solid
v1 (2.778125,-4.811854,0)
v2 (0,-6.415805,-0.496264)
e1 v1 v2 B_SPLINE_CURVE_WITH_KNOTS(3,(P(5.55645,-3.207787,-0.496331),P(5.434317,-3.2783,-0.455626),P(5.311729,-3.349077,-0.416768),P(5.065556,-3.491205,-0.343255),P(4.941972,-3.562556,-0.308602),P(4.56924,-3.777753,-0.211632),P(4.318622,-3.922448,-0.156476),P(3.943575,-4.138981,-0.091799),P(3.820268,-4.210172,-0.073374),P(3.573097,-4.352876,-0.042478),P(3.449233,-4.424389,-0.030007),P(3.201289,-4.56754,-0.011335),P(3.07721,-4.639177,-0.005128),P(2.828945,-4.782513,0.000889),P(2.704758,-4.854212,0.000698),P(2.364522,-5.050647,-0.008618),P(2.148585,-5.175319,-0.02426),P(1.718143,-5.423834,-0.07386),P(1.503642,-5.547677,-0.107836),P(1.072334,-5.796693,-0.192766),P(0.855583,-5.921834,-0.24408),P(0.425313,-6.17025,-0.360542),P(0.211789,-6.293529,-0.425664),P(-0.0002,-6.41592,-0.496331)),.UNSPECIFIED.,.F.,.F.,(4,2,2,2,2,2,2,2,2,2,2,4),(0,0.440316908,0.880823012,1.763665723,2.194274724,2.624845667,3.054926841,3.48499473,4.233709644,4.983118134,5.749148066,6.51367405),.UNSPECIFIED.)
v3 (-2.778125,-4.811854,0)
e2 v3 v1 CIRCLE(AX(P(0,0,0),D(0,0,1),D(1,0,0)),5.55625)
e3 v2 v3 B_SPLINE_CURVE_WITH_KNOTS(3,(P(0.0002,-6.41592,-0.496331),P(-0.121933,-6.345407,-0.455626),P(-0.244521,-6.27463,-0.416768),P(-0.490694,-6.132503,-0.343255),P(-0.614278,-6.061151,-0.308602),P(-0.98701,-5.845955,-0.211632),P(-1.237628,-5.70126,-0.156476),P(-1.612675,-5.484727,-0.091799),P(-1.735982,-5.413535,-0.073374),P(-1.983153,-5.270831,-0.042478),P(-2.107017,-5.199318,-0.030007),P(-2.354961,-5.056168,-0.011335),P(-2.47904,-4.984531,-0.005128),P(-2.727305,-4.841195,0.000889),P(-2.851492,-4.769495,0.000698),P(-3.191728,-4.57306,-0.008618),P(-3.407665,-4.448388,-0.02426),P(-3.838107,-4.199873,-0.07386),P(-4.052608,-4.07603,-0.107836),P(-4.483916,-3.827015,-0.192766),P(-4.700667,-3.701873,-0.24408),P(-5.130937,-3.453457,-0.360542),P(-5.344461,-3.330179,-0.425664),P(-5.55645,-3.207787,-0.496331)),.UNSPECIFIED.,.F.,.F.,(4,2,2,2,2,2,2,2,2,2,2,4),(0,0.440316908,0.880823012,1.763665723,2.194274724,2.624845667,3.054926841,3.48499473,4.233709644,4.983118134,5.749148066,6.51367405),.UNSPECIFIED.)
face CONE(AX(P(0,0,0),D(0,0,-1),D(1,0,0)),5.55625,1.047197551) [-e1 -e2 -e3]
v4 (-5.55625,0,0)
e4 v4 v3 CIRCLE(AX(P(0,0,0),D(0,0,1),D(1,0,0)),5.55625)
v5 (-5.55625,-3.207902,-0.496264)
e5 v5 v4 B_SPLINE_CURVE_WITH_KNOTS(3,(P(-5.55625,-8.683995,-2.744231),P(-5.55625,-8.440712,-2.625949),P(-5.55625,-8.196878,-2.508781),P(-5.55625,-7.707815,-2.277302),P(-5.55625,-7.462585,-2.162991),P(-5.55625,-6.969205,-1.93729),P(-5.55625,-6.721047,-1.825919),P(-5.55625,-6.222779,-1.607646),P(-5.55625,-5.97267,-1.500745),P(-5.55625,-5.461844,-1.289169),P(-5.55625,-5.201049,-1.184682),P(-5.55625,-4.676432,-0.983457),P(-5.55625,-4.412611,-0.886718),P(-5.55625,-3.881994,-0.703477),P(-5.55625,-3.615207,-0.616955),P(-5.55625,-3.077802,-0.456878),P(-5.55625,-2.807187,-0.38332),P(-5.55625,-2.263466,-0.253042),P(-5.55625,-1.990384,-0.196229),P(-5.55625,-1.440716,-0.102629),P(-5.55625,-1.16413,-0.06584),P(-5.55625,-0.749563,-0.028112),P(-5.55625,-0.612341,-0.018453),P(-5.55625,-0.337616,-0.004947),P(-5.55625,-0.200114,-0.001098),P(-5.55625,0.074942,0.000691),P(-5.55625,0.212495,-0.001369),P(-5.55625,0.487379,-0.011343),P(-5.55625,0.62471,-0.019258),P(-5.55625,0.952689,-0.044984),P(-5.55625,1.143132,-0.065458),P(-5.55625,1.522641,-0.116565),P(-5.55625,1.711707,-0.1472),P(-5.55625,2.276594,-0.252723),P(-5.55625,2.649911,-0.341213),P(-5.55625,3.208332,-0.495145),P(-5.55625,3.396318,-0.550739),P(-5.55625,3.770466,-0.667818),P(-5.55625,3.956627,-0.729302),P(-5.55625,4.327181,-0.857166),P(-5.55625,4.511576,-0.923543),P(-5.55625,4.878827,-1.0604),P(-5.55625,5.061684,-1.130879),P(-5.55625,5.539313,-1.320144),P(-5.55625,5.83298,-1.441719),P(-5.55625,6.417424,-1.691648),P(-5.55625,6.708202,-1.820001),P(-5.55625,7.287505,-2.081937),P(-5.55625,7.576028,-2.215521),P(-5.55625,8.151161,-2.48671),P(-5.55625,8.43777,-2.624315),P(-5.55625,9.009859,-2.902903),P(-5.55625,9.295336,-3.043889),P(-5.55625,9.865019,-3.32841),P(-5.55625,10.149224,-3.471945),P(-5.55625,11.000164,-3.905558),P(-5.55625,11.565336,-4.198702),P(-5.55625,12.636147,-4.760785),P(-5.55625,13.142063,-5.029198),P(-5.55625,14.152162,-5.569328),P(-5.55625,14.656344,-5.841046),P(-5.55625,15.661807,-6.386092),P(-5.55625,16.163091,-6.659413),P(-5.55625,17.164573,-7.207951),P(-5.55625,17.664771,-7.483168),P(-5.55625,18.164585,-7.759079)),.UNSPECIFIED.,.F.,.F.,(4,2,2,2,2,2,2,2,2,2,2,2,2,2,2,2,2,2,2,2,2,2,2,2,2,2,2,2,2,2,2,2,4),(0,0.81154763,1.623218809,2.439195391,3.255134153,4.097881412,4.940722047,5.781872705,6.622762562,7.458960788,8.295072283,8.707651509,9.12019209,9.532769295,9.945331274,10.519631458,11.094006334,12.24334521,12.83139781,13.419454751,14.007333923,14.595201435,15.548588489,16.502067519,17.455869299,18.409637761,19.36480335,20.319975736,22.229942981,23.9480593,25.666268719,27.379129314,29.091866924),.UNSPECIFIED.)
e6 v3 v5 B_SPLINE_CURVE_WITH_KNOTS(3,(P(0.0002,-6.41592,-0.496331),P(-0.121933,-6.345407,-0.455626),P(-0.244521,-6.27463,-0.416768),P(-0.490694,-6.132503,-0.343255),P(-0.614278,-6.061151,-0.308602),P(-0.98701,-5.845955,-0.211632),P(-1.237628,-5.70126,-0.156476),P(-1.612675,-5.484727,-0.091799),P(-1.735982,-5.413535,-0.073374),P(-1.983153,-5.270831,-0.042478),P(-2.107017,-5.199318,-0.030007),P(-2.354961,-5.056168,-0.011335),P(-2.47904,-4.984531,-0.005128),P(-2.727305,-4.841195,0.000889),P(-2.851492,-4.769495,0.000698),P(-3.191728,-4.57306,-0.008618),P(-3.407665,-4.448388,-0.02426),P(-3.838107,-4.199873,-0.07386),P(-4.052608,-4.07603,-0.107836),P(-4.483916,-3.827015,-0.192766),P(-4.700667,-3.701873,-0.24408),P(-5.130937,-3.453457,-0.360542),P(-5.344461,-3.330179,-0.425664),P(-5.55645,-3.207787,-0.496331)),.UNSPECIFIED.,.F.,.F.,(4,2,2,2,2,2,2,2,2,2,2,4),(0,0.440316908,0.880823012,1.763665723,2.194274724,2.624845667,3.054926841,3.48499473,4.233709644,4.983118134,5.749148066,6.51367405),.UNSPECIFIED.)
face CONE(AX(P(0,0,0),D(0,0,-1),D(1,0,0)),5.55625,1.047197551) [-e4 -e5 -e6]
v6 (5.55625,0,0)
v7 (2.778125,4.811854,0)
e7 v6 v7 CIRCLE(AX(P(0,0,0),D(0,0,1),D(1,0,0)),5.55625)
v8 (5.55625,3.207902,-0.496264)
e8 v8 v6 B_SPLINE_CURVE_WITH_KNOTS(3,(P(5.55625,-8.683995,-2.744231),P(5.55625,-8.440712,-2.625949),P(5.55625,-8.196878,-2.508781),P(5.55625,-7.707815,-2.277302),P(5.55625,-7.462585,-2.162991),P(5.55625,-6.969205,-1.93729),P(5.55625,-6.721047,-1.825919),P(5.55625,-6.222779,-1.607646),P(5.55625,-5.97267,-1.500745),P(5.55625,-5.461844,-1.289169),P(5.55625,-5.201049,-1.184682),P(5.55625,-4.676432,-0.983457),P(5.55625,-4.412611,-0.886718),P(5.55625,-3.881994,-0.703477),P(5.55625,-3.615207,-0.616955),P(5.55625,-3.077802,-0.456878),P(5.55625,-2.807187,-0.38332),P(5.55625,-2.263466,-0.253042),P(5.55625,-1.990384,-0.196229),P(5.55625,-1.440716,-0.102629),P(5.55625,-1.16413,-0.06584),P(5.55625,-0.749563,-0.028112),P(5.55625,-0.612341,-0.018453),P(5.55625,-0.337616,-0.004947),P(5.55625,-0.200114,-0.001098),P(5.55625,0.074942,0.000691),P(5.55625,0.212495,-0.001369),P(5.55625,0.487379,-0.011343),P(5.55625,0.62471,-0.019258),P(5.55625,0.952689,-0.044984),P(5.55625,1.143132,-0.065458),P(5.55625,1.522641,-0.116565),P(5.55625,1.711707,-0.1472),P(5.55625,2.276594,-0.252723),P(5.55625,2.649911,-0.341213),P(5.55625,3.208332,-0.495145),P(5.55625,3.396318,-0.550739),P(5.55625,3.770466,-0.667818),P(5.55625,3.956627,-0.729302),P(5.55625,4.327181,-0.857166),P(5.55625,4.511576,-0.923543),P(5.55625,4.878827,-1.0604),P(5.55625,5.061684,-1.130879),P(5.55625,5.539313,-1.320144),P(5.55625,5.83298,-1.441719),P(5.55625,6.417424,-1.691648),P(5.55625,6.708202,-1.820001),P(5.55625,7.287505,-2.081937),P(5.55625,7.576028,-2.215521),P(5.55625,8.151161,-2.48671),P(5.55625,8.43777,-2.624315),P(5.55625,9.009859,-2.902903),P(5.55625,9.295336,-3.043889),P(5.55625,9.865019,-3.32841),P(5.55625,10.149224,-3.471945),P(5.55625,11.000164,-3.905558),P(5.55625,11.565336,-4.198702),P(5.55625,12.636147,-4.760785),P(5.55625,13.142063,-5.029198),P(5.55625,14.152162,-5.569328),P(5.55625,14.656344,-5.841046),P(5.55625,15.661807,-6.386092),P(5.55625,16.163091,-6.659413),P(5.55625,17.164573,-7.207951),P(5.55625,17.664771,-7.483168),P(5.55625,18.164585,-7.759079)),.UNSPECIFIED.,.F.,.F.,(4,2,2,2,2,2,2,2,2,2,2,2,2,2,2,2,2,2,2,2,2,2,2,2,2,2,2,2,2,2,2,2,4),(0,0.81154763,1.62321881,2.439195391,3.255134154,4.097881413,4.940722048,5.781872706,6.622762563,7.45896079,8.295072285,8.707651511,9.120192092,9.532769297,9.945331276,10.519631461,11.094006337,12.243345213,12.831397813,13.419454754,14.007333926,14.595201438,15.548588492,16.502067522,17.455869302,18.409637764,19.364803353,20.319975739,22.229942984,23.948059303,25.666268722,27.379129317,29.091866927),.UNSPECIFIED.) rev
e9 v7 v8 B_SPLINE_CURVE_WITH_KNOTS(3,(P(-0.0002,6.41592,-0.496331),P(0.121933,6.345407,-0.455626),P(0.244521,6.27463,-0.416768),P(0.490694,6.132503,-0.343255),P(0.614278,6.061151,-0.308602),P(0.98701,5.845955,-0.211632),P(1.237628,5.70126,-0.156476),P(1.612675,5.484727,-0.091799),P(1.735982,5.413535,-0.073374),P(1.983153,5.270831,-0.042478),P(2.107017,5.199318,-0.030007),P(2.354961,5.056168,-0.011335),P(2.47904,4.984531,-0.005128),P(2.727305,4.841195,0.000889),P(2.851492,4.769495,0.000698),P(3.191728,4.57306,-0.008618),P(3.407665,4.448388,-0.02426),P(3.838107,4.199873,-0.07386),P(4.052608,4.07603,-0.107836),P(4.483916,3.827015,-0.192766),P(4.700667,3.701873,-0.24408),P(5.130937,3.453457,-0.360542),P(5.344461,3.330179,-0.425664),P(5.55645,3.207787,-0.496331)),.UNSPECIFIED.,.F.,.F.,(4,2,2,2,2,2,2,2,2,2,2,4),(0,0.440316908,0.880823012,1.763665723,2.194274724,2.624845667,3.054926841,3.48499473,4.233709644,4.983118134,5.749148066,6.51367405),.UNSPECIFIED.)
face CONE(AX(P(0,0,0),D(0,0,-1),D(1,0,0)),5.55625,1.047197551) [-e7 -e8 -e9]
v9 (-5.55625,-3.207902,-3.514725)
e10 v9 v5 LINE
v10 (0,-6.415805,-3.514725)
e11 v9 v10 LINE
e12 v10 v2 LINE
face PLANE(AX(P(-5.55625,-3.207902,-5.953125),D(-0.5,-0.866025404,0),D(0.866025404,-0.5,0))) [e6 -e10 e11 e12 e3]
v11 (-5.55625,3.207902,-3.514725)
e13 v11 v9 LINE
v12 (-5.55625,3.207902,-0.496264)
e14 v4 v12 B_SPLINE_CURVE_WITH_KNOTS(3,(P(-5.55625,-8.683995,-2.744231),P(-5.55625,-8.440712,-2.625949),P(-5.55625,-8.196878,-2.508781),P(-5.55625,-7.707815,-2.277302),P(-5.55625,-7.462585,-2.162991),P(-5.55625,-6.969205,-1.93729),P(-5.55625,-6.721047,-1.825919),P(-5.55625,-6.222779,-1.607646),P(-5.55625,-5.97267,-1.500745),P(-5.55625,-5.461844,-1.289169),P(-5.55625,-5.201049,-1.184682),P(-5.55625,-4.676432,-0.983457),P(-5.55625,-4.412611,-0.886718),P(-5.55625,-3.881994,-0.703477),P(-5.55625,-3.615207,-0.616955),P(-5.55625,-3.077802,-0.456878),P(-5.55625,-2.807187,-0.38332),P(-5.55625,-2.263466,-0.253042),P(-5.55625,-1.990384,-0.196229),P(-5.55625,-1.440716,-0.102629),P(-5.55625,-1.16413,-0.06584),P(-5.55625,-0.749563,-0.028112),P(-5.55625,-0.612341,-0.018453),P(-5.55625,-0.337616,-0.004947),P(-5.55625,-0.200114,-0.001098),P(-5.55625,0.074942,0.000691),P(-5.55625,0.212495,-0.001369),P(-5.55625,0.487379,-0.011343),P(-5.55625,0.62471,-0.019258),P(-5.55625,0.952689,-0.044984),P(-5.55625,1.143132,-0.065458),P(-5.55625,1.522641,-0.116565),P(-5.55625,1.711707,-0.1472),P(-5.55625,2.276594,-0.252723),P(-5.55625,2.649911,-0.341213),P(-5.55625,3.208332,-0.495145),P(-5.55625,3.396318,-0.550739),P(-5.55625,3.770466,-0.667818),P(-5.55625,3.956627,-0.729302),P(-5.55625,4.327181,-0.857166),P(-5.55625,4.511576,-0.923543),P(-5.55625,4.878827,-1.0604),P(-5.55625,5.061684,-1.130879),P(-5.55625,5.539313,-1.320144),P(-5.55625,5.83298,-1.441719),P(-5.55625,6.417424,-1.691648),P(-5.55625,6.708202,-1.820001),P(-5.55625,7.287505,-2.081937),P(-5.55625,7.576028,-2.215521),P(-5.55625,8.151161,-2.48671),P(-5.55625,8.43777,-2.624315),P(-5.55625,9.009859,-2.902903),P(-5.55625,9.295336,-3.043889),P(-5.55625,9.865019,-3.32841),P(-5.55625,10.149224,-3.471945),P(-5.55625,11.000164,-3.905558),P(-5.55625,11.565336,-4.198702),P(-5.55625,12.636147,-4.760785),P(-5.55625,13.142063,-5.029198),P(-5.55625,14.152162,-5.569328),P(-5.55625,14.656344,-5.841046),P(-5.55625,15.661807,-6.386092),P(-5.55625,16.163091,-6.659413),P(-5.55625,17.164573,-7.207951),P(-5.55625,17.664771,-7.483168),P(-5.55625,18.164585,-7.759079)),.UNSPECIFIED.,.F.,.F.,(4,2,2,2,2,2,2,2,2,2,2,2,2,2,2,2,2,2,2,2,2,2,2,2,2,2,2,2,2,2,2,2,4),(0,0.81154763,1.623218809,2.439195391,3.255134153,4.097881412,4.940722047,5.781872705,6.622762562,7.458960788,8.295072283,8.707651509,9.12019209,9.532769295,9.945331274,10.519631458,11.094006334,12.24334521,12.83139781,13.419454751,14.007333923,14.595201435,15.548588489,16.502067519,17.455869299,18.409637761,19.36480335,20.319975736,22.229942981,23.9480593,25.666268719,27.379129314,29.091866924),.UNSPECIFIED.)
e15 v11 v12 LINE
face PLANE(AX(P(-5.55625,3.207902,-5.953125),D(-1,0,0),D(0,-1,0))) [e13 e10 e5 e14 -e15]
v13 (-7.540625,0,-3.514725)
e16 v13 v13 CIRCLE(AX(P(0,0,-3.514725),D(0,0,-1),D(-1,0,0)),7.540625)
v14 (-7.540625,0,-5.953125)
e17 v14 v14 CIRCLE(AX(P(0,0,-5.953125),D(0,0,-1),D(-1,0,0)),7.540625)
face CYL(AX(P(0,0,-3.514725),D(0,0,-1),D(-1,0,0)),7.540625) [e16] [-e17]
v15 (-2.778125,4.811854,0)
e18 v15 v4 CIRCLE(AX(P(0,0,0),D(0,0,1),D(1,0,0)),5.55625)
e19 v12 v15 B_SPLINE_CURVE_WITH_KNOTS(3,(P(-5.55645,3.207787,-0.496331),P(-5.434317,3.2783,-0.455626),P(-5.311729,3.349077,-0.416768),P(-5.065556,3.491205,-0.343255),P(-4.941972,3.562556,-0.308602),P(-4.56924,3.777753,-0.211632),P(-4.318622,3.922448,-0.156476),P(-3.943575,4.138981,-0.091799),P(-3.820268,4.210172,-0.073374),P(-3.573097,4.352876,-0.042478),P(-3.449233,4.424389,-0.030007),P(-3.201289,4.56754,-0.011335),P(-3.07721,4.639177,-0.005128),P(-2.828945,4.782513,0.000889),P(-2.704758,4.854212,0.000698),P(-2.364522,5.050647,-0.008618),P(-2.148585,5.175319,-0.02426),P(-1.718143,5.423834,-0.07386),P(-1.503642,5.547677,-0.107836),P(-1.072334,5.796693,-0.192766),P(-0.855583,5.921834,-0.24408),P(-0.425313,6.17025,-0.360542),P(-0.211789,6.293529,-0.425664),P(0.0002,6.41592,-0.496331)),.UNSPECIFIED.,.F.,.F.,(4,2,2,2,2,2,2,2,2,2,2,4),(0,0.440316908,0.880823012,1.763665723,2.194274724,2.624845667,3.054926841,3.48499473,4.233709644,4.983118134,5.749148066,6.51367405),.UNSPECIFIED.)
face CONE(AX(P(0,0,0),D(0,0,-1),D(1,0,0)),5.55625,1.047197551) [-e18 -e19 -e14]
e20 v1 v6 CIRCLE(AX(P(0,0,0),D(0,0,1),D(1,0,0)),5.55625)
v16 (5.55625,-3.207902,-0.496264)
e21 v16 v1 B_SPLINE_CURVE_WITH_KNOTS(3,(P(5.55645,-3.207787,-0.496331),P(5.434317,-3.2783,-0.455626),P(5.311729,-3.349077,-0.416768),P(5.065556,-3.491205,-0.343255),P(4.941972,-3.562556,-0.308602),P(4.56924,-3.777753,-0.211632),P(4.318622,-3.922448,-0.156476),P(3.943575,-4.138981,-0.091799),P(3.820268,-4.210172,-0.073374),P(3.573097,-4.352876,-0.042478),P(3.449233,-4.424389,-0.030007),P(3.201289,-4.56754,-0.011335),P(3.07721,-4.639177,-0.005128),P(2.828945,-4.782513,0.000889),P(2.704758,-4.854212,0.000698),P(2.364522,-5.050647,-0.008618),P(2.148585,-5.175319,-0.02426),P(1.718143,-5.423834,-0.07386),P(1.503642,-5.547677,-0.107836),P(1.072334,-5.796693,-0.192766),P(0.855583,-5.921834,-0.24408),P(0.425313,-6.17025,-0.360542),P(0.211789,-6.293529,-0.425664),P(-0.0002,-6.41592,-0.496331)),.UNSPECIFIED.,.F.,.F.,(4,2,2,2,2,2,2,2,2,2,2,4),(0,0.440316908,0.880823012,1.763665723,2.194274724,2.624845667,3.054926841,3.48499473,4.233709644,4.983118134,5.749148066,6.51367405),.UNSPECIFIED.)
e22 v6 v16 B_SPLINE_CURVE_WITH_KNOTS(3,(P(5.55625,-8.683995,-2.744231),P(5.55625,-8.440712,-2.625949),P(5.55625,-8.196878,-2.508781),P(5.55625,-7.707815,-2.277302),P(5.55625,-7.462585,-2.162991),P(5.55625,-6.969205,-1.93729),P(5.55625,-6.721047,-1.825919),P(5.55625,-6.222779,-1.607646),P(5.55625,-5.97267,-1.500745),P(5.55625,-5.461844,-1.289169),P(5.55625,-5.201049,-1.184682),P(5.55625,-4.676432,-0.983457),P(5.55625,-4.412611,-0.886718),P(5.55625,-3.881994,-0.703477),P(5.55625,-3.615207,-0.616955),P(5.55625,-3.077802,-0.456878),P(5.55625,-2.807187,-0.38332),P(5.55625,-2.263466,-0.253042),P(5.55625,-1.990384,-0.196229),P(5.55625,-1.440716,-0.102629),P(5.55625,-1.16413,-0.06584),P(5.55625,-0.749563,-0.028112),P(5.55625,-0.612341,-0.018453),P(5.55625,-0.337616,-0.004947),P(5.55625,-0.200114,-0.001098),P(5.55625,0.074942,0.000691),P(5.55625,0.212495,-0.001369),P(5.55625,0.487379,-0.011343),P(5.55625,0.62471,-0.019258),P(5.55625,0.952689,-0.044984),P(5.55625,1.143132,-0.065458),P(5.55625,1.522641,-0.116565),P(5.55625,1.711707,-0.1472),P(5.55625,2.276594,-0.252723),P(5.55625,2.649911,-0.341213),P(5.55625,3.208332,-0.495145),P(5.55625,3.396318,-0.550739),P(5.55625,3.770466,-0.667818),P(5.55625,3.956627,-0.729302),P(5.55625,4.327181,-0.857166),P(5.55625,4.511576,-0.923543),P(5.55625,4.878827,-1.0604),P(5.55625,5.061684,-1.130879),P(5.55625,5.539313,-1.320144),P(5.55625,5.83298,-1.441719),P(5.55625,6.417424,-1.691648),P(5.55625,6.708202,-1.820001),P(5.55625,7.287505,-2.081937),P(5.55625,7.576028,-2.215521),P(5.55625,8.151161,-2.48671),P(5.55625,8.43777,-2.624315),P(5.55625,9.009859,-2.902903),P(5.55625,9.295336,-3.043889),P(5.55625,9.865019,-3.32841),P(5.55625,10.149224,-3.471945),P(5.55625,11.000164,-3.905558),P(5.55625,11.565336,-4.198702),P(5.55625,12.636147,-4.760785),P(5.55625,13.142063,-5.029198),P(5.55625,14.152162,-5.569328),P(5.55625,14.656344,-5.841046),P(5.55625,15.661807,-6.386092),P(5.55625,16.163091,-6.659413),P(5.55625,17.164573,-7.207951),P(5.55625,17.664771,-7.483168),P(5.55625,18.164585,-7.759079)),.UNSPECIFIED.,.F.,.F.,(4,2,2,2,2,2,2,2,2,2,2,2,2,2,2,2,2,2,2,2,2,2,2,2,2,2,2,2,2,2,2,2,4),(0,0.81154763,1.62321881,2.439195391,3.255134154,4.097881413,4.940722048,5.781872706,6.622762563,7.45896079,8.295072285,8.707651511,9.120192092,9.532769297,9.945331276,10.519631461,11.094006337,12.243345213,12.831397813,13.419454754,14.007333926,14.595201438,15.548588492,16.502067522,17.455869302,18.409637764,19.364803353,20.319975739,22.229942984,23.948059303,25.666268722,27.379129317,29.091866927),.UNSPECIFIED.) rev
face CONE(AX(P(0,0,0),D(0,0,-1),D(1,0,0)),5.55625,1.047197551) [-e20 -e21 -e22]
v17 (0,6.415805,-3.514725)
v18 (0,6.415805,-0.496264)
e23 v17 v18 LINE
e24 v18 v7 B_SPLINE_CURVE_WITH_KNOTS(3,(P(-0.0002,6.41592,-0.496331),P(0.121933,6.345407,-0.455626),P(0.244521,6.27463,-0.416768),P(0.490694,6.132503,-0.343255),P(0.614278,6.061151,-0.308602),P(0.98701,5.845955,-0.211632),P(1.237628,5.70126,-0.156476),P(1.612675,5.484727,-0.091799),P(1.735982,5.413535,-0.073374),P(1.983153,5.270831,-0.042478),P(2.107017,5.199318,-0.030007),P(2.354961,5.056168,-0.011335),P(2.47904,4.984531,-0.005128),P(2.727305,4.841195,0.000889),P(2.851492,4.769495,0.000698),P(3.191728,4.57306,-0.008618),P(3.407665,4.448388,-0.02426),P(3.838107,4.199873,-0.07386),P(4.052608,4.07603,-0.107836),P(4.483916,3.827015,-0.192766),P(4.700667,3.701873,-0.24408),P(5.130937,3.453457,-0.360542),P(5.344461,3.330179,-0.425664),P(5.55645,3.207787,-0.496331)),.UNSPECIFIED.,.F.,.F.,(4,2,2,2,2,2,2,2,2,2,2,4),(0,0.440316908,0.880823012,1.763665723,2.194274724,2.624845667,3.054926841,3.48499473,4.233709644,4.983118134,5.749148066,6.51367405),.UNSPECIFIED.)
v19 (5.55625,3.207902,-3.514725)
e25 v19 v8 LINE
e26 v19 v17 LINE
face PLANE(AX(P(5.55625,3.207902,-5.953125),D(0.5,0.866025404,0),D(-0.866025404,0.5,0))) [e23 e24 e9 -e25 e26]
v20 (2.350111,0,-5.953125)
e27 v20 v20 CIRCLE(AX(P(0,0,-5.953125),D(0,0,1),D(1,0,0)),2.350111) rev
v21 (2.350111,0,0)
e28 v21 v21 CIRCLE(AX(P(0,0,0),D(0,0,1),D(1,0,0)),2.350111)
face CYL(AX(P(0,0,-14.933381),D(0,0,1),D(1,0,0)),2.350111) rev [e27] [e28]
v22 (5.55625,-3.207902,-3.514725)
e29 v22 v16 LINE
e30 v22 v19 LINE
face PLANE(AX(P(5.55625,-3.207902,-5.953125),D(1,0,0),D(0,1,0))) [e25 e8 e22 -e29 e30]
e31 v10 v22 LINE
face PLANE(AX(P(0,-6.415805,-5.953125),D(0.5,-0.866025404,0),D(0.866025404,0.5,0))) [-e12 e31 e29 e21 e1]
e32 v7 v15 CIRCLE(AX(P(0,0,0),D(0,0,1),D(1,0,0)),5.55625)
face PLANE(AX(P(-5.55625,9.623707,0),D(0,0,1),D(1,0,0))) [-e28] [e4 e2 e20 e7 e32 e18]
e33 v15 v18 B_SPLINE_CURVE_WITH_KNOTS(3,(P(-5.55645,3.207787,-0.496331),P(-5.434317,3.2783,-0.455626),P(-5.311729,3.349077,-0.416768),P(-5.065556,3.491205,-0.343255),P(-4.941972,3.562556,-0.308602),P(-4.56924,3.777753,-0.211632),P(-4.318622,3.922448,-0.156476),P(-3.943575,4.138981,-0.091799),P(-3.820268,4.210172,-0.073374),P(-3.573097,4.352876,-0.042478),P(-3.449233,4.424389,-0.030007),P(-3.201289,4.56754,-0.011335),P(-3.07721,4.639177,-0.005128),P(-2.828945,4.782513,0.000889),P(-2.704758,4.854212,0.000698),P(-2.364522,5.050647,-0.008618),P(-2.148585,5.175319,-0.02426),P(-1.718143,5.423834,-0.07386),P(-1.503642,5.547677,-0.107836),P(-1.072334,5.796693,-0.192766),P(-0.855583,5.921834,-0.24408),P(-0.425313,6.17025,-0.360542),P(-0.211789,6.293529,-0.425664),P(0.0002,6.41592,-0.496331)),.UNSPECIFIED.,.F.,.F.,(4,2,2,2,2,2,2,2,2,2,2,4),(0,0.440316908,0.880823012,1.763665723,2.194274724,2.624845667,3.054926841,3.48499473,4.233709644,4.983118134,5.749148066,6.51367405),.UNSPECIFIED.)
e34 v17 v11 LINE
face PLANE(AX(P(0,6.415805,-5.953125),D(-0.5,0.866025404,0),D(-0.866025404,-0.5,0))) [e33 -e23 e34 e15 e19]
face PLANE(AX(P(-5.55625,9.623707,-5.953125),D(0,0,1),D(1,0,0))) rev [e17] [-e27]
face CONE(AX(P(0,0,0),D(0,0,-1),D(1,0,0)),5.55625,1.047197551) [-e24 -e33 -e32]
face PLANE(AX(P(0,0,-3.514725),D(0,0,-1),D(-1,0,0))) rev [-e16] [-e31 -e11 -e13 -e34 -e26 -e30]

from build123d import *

# Parameters (mm, degrees)
EXTRUDE1_DEPTH     = 5.953125
SKETCH13_R         = 7.540625
EXTRUDE3_DEPTH     = 2.4384
SKETCH2_OUTSIDE_W  = 67.282
SKETCH2_OUTSIDE_H  = 67.282
SKETCH2_OUTSIDE_R  = 5.55625
CUT_EXTRUDE1_DEPTH = 13.213179277
CUT_EXTRUDE1_DRAFT = -60
SKETCH4_R          = 3.175
CUT_EXTRUDE3_DEPTH = 13.213179277
SKETCH12_R         = 3.175
SKETCH12_R_2       = 2.350110803
EXTRUDE2_DEPTH     = 5.953125


with BuildPart() as part:
    # Sketch1 → Extrude1 (new body)
    with BuildSketch(Plane.XY):
        Polygon((0, 6.415804866), (-5.55625, 3.207902433), (-5.55625, -3.207902433), (0, -6.415804866), (5.55625, -3.207902433), (5.55625, 3.207902433), align=None)
    extrude(amount=-EXTRUDE1_DEPTH)

    # Sketch13 → Extrude3 (add)
    with BuildSketch(Plane(origin=(0, 0, -5.953125), x_dir=(-1, 0, 0), z_dir=(0, 0, -1))):
        Circle(SKETCH13_R)
    extrude(amount=-EXTRUDE3_DEPTH)


with BuildPart() as cut_extrude1_tool:
    # Sketch2 outside → Cut-Extrude1 (with draft: the straight prism first)
    with BuildSketch(Plane.XY):
        Rectangle(SKETCH2_OUTSIDE_W, SKETCH2_OUTSIDE_H)
        Circle(SKETCH2_OUTSIDE_R, mode=Mode.SUBTRACT)
    extrude(amount=-CUT_EXTRUDE1_DEPTH)
    # Cut-Extrude1: the draft: its side faces are tilted about the plane it starts from
    cut_extrude1_sides = [cut_extrude1_tool.faces().sort_by_distance(p)[0] for p in [
        (0, -33.641, -6.606589638),
        (33.641, 0, -6.606589638),
        (0, 33.641, -6.606589638),
        (-33.641, 0, -6.606589638),
        (-5.55625, 0, -6.606589638),
    ]]
    draft(cut_extrude1_sides, Plane.XY, CUT_EXTRUDE1_DRAFT)


with BuildPart() as part_1:
    add(part.part)

    # Cut-Extrude1: cut by cut_extrude1_tool
    add(cut_extrude1_tool.part, mode=Mode.SUBTRACT)

    # Sketch4 → Cut-Extrude3 (cut, through all)
    with BuildSketch(Plane.XY):
        Circle(SKETCH4_R)
    extrude(amount=-CUT_EXTRUDE3_DEPTH, mode=Mode.SUBTRACT)

    # Sketch12 → Extrude2 (add)
    with BuildSketch(Plane.XY):
        Circle(SKETCH12_R)
        Circle(SKETCH12_R_2, mode=Mode.SUBTRACT)
    extrude(amount=-EXTRUDE2_DEPTH)


solid = part_1.part
